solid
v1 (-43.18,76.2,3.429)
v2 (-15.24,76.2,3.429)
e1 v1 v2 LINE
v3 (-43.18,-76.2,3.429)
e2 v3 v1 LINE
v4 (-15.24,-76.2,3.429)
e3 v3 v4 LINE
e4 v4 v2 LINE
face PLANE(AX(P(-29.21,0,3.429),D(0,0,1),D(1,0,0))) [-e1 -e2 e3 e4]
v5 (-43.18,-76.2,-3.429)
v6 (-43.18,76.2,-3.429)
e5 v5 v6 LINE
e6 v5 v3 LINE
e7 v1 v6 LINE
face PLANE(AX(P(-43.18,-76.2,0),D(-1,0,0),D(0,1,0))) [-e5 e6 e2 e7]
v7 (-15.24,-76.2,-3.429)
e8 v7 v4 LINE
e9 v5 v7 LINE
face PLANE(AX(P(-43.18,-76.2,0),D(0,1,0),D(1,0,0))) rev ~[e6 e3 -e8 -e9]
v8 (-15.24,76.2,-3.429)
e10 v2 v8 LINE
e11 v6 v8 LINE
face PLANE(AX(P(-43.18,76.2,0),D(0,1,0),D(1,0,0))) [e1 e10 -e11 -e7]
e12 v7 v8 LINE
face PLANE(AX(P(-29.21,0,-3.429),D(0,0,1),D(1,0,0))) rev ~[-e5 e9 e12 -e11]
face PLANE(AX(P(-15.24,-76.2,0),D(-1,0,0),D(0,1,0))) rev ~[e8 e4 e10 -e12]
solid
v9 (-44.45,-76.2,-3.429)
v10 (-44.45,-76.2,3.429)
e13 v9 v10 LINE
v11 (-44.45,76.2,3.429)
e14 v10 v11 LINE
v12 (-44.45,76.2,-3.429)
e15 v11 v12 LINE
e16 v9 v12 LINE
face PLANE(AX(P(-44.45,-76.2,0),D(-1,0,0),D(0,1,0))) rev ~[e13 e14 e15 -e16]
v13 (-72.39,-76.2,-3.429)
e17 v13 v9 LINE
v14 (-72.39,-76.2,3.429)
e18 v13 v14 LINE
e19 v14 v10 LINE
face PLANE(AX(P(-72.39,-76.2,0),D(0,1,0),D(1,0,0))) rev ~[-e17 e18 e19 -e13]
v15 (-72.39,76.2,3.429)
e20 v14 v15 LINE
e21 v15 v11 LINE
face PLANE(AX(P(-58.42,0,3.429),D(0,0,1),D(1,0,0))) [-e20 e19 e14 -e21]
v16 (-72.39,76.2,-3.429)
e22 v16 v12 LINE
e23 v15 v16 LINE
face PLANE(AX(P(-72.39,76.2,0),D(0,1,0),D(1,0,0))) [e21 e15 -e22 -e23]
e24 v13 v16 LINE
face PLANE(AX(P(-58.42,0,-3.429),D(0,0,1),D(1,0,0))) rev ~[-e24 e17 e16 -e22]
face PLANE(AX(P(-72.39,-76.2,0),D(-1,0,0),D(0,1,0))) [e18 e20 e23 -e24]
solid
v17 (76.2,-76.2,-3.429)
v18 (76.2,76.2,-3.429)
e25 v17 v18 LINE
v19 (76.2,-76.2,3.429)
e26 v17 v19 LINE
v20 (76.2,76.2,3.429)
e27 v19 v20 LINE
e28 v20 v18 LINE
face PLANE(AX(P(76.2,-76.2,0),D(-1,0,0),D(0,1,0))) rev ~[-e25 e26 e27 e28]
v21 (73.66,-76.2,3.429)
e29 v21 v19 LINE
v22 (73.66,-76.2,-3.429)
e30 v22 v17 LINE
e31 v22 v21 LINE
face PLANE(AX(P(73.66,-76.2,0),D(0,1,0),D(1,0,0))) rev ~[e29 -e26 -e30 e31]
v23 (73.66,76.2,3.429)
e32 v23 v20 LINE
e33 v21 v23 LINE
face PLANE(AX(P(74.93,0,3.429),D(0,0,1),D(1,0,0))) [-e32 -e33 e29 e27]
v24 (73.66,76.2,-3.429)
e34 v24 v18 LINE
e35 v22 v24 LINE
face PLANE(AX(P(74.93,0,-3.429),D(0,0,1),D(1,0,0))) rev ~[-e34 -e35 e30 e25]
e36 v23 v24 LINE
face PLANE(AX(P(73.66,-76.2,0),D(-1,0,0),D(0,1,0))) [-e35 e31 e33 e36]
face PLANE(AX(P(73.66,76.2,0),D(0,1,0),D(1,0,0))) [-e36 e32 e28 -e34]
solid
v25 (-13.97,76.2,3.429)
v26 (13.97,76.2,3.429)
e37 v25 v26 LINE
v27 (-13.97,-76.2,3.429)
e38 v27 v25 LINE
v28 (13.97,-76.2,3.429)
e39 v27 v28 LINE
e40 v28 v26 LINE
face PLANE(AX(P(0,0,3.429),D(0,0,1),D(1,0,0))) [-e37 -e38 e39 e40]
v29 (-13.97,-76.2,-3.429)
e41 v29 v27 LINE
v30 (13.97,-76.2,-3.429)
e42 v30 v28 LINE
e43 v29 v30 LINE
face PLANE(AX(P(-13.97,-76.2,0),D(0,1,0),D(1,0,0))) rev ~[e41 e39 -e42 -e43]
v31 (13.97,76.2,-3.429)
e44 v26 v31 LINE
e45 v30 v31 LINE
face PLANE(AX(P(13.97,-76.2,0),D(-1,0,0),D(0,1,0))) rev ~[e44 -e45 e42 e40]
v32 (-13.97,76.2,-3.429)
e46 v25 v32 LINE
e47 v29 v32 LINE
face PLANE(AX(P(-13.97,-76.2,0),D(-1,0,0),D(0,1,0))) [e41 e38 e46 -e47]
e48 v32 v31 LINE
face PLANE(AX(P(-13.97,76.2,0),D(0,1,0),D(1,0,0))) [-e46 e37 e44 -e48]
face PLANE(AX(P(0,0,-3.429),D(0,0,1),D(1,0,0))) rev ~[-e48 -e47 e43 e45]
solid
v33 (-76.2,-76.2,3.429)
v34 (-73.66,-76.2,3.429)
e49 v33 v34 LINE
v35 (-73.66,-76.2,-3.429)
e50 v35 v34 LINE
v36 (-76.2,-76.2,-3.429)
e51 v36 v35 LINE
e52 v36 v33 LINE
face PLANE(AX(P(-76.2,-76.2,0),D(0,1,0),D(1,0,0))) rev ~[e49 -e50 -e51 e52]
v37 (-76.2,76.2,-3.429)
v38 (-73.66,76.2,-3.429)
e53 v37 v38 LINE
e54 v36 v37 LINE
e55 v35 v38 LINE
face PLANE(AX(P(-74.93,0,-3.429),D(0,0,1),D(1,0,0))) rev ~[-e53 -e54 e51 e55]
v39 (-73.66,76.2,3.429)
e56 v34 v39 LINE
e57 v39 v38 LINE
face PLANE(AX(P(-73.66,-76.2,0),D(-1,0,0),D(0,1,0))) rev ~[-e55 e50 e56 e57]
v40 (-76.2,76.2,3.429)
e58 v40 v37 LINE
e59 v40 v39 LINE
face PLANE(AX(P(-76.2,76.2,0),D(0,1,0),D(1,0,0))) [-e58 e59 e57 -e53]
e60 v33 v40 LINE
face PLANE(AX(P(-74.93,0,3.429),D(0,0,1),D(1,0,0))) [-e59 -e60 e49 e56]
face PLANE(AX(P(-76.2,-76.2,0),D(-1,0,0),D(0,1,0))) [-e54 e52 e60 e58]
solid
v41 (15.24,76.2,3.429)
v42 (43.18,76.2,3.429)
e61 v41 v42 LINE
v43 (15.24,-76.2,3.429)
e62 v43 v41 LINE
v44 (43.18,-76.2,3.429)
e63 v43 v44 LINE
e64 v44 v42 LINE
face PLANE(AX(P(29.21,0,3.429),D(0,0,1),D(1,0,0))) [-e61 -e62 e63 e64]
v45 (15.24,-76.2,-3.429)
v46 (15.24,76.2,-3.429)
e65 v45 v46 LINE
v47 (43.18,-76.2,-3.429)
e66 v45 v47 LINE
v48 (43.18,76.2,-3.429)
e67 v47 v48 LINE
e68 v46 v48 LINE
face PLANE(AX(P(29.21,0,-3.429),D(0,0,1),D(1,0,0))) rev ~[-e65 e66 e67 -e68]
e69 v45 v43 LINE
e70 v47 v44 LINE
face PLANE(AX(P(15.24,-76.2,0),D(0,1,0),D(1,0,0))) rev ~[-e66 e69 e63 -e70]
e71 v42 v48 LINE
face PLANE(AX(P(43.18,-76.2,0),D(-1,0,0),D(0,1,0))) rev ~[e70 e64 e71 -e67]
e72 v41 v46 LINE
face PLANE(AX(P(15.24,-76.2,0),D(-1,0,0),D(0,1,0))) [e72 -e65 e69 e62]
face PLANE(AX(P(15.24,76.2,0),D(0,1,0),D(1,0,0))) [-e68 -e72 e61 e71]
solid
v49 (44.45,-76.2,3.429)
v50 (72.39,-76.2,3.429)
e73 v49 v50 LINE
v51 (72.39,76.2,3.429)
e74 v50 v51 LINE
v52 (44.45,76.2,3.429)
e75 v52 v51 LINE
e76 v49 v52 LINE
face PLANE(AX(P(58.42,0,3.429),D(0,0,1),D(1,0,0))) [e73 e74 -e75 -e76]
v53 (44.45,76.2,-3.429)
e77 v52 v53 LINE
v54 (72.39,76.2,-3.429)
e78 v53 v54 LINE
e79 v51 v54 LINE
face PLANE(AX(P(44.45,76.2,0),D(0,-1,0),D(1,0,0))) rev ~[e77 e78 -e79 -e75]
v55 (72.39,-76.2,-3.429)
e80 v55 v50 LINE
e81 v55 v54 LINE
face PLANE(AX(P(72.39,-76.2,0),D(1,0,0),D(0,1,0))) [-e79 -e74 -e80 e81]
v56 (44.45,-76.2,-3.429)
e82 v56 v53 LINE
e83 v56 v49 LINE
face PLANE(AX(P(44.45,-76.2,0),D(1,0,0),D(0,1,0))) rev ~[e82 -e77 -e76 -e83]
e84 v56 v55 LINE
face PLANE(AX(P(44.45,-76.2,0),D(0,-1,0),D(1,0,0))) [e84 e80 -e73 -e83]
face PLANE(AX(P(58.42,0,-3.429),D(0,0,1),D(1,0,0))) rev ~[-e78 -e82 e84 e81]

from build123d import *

# Parameters (mm, degrees)
F0_W     = 2.54
F0_H     = 152.4
F0_W_2   = 27.94
F1_DEPTH = 3.429


with BuildPart() as f1:
    # F0 (on Top) → F1 (new body, symmetric)
    with BuildSketch(Plane.XY):
        with Locations((74.93, 0)):
            Rectangle(F0_W, F0_H)
        with Locations((-74.93, 0)):
            Rectangle(F0_W, F0_H)
        Rectangle(F0_W_2, F0_H)
        with Locations((-29.21, 0)):
            Rectangle(F0_W_2, F0_H)
        with Locations((29.21, 0)):
            Rectangle(F0_W_2, F0_H)
        with Locations((-58.42, 0)):
            Rectangle(F0_W_2, F0_H)
        with Locations((58.42, 0)):
            Rectangle(F0_W_2, F0_H)
    extrude(amount=F1_DEPTH, both=True)


solid = f1.part
